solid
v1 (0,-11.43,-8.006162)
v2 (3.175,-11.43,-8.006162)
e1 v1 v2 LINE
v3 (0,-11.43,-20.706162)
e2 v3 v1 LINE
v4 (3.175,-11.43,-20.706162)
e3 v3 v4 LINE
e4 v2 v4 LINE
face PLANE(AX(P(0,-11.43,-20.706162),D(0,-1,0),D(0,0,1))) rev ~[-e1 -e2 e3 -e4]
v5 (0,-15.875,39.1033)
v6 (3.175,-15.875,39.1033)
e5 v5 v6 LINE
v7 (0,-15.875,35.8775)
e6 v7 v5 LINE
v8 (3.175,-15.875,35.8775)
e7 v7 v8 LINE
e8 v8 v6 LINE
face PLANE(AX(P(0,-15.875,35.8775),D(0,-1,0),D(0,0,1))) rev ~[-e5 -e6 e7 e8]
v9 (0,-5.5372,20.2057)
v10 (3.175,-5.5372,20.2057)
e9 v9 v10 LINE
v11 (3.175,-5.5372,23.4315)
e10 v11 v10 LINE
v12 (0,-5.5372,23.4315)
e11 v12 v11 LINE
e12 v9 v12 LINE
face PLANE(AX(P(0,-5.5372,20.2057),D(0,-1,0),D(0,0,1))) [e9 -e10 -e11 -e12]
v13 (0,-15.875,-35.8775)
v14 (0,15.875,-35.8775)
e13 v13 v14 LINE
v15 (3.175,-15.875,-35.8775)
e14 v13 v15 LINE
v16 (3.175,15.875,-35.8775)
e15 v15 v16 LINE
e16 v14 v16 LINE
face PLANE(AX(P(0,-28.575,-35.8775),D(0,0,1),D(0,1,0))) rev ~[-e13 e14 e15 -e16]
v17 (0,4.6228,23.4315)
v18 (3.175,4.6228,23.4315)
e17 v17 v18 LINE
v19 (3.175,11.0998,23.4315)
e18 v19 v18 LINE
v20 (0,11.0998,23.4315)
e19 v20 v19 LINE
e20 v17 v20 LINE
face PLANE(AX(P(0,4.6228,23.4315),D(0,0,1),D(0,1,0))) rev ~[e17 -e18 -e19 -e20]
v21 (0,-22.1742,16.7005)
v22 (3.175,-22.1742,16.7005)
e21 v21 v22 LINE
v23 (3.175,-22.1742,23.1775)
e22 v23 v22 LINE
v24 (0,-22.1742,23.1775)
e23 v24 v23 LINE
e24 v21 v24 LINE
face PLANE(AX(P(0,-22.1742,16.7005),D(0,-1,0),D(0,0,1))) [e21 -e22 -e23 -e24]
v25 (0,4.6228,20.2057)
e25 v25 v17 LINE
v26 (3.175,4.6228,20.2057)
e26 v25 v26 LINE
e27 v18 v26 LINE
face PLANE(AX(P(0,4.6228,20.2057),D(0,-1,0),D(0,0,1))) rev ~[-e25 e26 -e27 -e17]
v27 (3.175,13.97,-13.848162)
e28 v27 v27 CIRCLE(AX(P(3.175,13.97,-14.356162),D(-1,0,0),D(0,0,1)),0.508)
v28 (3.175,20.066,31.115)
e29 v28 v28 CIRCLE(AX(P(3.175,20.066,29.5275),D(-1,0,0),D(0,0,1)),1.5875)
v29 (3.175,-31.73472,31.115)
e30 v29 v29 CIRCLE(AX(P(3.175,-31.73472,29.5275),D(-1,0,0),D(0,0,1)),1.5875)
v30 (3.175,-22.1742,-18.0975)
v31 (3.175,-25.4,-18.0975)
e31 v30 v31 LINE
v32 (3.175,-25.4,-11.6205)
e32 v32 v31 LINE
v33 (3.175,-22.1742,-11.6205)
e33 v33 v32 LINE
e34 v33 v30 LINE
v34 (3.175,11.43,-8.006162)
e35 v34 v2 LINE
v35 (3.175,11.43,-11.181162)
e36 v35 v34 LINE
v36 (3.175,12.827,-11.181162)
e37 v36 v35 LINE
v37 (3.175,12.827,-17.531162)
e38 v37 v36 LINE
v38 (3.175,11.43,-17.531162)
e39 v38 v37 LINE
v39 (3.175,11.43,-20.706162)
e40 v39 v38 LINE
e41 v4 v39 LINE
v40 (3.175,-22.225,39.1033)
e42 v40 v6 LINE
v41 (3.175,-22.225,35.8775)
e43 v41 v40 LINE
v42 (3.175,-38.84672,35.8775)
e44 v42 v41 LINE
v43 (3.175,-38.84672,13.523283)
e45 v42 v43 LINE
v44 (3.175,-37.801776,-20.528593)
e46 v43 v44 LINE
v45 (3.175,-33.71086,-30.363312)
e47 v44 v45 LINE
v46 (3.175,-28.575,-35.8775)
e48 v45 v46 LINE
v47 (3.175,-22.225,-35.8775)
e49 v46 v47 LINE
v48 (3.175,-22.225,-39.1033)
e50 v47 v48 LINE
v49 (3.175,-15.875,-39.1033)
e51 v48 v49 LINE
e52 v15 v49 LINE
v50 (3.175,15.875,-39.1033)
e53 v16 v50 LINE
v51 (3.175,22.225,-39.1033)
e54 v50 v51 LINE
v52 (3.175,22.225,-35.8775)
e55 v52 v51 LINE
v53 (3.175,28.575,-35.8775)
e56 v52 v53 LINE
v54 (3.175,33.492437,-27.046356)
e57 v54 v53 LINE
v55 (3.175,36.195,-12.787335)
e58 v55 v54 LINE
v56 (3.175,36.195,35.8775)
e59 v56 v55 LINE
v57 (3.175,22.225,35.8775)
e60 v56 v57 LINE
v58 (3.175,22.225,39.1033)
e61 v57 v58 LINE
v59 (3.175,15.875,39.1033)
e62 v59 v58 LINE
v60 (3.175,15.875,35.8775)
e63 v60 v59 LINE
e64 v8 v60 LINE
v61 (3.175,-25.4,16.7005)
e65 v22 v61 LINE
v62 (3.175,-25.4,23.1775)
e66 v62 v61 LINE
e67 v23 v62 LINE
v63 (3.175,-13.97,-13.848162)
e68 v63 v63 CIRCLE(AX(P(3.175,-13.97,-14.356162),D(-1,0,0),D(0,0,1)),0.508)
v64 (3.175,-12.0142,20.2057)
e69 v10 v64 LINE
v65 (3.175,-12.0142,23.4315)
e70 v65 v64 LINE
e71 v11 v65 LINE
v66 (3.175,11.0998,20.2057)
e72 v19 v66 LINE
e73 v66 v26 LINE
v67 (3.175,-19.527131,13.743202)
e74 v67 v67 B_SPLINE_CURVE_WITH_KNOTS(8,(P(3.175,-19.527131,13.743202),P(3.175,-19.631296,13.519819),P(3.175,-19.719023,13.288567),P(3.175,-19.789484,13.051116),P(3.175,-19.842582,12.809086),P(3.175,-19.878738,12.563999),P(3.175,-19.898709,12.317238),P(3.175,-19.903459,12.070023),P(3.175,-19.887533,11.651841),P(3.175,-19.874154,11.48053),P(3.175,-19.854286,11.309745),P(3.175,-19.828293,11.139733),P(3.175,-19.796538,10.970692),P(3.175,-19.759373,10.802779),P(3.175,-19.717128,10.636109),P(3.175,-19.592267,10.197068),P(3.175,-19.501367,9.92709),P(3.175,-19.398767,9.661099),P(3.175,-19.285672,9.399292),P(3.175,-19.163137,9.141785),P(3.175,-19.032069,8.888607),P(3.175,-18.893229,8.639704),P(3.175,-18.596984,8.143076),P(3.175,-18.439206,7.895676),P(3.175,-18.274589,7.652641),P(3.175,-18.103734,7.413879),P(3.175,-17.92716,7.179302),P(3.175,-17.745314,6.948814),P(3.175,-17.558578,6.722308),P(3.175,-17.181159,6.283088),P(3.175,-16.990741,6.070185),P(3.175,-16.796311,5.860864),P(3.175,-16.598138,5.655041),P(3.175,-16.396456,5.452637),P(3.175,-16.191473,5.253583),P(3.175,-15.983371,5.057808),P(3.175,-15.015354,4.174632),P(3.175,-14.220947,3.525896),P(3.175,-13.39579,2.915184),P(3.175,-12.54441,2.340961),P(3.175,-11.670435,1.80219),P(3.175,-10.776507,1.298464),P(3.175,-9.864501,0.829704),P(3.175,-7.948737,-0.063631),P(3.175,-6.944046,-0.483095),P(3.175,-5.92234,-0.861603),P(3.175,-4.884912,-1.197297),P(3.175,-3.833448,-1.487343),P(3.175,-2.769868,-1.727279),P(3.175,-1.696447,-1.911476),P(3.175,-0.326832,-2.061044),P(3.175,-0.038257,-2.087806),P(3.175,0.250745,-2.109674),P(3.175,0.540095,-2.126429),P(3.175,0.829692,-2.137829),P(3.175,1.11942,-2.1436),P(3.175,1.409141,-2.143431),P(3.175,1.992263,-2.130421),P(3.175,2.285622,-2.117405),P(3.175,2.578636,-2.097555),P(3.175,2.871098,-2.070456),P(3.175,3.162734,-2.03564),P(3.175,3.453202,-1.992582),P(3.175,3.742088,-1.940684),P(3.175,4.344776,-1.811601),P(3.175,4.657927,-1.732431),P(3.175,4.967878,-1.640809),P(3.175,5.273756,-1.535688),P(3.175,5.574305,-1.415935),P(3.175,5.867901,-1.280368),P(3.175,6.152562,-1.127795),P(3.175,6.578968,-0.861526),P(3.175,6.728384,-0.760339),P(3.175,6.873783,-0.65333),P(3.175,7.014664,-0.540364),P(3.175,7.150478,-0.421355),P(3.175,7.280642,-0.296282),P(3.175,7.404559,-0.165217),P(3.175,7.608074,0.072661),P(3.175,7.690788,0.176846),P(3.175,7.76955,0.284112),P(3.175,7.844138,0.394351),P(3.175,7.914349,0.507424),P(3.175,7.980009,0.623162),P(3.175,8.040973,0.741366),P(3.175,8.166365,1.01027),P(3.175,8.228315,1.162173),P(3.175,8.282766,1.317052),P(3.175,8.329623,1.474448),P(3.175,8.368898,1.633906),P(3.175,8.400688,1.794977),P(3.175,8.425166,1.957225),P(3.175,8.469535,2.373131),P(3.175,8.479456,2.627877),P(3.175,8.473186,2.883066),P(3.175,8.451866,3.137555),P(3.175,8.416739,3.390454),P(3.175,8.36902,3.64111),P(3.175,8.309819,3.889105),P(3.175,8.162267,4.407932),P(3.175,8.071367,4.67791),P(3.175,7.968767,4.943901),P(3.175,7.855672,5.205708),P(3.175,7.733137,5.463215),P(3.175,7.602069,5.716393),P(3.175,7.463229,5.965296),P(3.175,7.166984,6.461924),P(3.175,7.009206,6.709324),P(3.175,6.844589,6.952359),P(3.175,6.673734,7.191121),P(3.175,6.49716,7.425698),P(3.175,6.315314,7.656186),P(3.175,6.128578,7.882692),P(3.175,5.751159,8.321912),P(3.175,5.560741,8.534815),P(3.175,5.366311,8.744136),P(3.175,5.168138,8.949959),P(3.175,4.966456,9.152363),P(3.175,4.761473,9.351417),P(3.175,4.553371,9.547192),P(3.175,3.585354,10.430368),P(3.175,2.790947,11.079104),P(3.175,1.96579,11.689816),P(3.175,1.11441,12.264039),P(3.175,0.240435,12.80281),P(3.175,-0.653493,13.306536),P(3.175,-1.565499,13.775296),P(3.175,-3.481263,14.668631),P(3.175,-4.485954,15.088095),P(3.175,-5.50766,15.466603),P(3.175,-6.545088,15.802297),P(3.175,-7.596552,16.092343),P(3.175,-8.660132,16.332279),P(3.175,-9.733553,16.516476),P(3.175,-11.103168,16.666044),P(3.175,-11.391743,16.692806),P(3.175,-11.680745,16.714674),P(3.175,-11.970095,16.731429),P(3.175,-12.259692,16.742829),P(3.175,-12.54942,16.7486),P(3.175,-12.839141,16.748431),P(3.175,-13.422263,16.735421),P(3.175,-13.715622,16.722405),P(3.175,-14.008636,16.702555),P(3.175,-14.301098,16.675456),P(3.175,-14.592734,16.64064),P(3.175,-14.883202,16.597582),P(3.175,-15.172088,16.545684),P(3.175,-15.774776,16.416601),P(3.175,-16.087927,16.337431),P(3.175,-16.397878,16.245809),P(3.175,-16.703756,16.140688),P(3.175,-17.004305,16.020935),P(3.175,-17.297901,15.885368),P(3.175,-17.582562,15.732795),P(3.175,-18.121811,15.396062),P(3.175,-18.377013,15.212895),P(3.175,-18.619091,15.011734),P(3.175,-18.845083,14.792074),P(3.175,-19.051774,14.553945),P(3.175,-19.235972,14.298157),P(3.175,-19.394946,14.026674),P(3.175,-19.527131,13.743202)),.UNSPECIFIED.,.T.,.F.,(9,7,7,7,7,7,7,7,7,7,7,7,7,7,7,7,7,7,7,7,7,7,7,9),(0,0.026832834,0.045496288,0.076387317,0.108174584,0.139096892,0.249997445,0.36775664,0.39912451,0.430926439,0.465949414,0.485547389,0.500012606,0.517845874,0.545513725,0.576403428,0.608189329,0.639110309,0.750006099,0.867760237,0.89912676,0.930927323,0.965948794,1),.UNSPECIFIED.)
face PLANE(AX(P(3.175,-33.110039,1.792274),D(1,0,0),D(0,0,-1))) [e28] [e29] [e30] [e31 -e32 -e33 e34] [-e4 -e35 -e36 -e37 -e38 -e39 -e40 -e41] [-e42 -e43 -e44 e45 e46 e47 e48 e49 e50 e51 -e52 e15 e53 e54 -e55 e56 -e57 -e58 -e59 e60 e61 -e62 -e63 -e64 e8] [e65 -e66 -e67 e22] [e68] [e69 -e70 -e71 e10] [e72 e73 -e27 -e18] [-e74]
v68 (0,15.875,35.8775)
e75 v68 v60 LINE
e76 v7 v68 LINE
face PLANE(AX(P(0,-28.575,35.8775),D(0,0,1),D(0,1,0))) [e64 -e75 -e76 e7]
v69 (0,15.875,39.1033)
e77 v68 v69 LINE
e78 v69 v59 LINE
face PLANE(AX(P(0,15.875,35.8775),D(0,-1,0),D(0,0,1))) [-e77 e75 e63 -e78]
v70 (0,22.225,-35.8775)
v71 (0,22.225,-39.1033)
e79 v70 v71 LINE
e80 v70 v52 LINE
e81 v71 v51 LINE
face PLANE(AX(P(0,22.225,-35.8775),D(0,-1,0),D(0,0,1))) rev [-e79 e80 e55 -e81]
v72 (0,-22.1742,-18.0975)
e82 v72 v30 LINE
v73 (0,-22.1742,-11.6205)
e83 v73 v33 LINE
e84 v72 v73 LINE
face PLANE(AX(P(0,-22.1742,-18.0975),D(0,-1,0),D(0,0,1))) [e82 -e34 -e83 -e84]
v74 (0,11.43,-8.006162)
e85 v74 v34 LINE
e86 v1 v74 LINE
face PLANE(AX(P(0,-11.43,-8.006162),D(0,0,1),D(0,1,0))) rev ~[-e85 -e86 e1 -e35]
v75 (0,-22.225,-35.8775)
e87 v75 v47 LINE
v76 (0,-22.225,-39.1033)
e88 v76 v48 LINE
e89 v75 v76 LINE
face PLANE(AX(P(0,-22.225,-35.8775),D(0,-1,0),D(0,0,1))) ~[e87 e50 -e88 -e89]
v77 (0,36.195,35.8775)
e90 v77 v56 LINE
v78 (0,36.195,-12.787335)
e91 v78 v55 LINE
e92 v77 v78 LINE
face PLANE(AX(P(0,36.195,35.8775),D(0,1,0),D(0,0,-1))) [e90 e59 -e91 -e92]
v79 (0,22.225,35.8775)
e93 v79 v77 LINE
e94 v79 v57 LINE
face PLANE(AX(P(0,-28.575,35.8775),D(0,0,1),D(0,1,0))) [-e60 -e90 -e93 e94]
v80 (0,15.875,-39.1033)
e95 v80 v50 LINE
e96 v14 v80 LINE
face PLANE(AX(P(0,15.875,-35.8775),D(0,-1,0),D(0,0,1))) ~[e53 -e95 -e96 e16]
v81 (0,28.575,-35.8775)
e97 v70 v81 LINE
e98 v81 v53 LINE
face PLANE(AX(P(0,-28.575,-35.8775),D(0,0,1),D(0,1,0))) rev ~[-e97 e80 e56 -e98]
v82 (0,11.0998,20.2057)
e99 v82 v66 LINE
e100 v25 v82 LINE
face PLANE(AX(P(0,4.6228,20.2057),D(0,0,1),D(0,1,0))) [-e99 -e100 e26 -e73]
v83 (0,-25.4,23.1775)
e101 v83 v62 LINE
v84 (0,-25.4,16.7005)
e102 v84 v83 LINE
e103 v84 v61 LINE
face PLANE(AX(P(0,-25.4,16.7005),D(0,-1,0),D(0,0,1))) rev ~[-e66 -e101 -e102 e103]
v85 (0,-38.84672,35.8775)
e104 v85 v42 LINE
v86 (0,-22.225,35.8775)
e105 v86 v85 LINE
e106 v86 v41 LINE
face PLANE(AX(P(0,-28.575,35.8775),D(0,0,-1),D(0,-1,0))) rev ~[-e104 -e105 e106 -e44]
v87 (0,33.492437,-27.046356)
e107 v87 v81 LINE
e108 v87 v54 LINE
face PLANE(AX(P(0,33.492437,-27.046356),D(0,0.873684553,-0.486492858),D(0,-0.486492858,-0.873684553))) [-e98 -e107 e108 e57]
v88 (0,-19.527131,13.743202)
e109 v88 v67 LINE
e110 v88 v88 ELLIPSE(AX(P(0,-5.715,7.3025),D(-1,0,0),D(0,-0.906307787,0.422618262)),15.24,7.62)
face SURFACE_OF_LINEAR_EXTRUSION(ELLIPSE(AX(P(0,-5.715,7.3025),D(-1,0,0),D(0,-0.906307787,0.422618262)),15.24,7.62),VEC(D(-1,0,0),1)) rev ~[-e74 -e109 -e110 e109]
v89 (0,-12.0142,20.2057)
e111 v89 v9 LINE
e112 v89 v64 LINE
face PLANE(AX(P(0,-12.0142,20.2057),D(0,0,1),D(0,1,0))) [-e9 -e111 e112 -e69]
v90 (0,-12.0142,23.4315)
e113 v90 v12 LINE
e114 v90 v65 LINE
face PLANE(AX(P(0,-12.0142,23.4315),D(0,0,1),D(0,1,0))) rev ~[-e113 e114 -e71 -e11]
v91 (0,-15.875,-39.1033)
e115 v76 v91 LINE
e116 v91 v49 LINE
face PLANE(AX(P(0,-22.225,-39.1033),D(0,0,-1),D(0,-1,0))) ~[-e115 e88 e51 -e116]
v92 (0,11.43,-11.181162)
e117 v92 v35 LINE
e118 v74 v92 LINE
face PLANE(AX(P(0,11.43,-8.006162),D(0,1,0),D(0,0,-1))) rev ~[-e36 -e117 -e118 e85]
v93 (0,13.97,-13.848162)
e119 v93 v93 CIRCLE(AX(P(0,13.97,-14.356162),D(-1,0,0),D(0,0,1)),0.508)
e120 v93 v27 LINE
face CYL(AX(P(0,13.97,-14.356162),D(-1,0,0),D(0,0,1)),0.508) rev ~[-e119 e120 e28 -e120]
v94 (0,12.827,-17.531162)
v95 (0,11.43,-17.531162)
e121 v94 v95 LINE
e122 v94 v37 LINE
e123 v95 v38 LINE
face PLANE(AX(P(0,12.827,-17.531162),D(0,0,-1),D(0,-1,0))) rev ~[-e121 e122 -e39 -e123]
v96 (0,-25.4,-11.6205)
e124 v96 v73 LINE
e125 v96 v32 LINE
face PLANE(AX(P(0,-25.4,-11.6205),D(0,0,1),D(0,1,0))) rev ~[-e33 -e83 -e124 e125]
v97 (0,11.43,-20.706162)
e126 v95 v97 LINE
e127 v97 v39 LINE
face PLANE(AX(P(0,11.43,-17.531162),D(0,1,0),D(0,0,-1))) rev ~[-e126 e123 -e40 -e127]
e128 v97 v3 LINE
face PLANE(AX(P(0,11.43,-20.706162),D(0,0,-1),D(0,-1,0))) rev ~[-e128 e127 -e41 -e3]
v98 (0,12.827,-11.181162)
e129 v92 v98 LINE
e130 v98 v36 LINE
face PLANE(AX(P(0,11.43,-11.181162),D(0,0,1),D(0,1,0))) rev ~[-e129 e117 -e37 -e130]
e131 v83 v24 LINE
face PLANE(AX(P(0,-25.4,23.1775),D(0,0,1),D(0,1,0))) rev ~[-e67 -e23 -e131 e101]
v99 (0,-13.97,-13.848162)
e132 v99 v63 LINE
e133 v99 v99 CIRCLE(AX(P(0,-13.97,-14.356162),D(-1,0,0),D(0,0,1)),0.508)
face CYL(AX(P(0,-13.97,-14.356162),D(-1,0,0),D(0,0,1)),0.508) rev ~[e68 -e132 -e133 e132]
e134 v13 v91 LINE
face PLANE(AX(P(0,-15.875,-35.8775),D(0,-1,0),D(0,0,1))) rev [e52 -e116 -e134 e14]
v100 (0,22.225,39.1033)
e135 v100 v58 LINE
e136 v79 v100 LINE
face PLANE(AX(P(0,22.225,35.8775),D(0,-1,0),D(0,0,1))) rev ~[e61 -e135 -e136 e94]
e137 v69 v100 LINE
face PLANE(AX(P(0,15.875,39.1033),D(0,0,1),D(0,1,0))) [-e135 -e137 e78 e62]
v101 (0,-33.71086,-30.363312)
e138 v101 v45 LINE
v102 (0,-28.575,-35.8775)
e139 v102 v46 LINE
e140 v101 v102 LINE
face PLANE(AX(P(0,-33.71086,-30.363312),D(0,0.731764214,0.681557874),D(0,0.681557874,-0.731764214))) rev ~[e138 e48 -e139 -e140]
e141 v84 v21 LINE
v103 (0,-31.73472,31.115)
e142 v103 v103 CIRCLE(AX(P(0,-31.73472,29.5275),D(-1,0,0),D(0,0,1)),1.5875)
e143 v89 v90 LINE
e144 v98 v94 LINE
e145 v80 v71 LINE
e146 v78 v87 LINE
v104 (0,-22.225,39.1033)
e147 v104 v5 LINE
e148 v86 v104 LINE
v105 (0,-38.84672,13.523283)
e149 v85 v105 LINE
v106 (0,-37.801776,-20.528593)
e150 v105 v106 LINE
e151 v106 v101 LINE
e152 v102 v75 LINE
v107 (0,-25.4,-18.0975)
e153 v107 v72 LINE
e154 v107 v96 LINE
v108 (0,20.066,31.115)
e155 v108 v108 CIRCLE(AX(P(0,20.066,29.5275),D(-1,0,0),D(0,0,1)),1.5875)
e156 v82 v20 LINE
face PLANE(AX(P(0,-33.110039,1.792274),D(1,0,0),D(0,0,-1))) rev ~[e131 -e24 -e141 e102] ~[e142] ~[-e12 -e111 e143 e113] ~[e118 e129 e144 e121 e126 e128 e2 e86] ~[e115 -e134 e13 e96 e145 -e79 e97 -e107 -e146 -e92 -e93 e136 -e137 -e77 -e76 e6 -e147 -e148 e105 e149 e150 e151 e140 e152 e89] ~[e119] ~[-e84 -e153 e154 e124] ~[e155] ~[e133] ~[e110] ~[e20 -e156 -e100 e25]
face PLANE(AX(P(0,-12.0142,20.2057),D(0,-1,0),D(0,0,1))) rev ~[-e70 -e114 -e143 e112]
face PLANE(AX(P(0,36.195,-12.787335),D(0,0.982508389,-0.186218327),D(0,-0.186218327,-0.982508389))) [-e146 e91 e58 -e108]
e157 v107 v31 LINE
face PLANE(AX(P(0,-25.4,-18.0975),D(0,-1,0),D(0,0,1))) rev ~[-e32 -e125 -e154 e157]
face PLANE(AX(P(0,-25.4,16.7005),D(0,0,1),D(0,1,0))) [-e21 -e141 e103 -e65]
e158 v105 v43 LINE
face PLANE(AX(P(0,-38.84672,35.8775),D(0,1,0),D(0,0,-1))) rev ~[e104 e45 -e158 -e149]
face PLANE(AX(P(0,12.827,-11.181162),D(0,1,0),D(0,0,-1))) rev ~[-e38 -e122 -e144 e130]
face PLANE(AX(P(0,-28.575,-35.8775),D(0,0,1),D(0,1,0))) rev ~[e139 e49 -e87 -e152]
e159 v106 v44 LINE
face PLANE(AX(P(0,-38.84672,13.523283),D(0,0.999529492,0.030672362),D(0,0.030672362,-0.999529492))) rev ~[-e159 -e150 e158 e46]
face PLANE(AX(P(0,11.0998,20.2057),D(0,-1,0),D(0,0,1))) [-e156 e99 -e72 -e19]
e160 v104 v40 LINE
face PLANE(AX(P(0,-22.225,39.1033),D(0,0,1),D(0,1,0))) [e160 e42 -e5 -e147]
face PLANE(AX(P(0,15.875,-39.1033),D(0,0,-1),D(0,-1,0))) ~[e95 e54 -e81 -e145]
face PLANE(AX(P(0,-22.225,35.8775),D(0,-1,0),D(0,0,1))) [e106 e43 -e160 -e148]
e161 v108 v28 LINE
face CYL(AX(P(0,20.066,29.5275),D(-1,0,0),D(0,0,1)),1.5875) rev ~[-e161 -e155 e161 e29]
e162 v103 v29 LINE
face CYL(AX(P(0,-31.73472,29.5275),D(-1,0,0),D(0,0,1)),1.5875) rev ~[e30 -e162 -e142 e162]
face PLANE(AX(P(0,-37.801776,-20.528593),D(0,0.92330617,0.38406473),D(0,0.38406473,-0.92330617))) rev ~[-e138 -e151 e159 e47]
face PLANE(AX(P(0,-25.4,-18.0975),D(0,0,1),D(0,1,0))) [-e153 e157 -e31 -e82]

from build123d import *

# Parameters (mm, degrees)
SKETCH1_W                            = 71.755
SKETCH1_H                            = 57.15
MAIN_BODY_DEPTH                      = 3.175
SKETCH2_W                            = 3.2258
SKETCH2_H                            = 6.35
TABS_FRONT_DEPTH                     = 3.175
SKETCH3_R                            = 0.508
CUT_FOR_EAR_MOTOR_DEPTH              = 4.175
SKETCH4_W                            = 3.2258
SKETCH4_H                            = 6.477
SKETCH4_W_2                          = 6.477
SKETCH4_H_2                          = 3.2258
CUT_FOR_TABS_DEPTH                   = 4.175
BOSS_EXTRUDE1_DEPTH                  = 3.175
SKETCH6_R                            = 1.5875
CUT_FOR_FACE_PLATE_MOUNT_SCREW_DEPTH = 4.175
SKETCH7_RX                           = 15.24
SKETCH7_RY                           = 7.62
ELLIPSE_CUT_DEPTH                    = 4.175


with BuildPart() as part:
    # Sketch1 → main body (new body)
    with BuildSketch(Plane(origin=(0, 0, 0), x_dir=(0, 0, -1), z_dir=(1, 0, 0))):
        Rectangle(SKETCH1_W, SKETCH1_H)
    extrude(amount=MAIN_BODY_DEPTH)

    # Sketch2 → tabs front (add)
    with BuildSketch(Plane.ZY):
        with Locations((37.4904, 19.05)):
            Rectangle(SKETCH2_W, SKETCH2_H)
        with Locations((37.4904, -19.05)):
            Rectangle(SKETCH2_W, SKETCH2_H)
    tabs_front = extrude(amount=-TABS_FRONT_DEPTH)

    # mirror of tabs (back): tabs front across plane
    add(tabs_front.mirror(Plane.XY))

    # Sketch3 → cut for ear motor (cut, through all)
    with BuildSketch(Plane.ZY):
        with Locations((-14.356162211, 13.97)):
            Circle(SKETCH3_R)
        with Locations((-14.356162211, -13.97)):
            Circle(SKETCH3_R)
        Polygon((-20.706162211, -11.43), (-8.006162211, -11.43), (-8.006162211, 11.43), (-11.181162211, 11.43), (-11.181162211, 12.827), (-17.531162211, 12.827), (-17.531162211, 11.43), (-20.706162211, 11.43), align=None)
    extrude(amount=-CUT_FOR_EAR_MOTOR_DEPTH, mode=Mode.SUBTRACT)

    # Sketch4 → cut for tabs (cut, through all)
    with BuildSketch(Plane.ZY):
        with Locations((21.8186, 7.8613)):
            Rectangle(SKETCH4_W, SKETCH4_H)
        with Locations((21.8186, -8.7757)):
            Rectangle(SKETCH4_W, SKETCH4_H)
        with Locations((19.939, -23.7871)):
            Rectangle(SKETCH4_W_2, SKETCH4_H_2)
        with Locations((-14.859, -23.7871)):
            Rectangle(SKETCH4_W_2, SKETCH4_H_2)
    extrude(amount=-CUT_FOR_TABS_DEPTH, mode=Mode.SUBTRACT)

    # Sketch5 → Boss-Extrude1 (add)
    with BuildSketch(Plane.ZY):
        Polygon((-35.8775, -28.575), (35.8775, -28.575), (35.8775, -38.846719594), (13.523283037, -38.846719594), (-20.528592985, -37.801776478), (-30.363311769, -33.710859797), align=None)
        Polygon((-12.787335482, 36.195), (-27.046355521, 33.492436966), (-35.8775, 28.575), (35.8775, 28.575), (35.8775, 36.195), (26.200162008, 36.195), align=None)
    extrude(amount=-BOSS_EXTRUDE1_DEPTH)

    # Sketch6 → cut for face plate mount screw (cut, through all)
    with BuildSketch(Plane.ZY):
        with Locations((29.5275, 20.066)):
            Circle(SKETCH6_R)
        with Locations((29.5275, -31.734719594)):
            Circle(SKETCH6_R)
    extrude(amount=-CUT_FOR_FACE_PLATE_MOUNT_SCREW_DEPTH, mode=Mode.SUBTRACT)

    # Sketch7 → ellipse cut (cut, through all)
    with BuildSketch(Plane.ZY):
        with Locations(Location((7.3025, -5.715), (0, 0, -65))):
            Ellipse(SKETCH7_RX, SKETCH7_RY)
    extrude(amount=-ELLIPSE_CUT_DEPTH, mode=Mode.SUBTRACT)


solid = part.part
